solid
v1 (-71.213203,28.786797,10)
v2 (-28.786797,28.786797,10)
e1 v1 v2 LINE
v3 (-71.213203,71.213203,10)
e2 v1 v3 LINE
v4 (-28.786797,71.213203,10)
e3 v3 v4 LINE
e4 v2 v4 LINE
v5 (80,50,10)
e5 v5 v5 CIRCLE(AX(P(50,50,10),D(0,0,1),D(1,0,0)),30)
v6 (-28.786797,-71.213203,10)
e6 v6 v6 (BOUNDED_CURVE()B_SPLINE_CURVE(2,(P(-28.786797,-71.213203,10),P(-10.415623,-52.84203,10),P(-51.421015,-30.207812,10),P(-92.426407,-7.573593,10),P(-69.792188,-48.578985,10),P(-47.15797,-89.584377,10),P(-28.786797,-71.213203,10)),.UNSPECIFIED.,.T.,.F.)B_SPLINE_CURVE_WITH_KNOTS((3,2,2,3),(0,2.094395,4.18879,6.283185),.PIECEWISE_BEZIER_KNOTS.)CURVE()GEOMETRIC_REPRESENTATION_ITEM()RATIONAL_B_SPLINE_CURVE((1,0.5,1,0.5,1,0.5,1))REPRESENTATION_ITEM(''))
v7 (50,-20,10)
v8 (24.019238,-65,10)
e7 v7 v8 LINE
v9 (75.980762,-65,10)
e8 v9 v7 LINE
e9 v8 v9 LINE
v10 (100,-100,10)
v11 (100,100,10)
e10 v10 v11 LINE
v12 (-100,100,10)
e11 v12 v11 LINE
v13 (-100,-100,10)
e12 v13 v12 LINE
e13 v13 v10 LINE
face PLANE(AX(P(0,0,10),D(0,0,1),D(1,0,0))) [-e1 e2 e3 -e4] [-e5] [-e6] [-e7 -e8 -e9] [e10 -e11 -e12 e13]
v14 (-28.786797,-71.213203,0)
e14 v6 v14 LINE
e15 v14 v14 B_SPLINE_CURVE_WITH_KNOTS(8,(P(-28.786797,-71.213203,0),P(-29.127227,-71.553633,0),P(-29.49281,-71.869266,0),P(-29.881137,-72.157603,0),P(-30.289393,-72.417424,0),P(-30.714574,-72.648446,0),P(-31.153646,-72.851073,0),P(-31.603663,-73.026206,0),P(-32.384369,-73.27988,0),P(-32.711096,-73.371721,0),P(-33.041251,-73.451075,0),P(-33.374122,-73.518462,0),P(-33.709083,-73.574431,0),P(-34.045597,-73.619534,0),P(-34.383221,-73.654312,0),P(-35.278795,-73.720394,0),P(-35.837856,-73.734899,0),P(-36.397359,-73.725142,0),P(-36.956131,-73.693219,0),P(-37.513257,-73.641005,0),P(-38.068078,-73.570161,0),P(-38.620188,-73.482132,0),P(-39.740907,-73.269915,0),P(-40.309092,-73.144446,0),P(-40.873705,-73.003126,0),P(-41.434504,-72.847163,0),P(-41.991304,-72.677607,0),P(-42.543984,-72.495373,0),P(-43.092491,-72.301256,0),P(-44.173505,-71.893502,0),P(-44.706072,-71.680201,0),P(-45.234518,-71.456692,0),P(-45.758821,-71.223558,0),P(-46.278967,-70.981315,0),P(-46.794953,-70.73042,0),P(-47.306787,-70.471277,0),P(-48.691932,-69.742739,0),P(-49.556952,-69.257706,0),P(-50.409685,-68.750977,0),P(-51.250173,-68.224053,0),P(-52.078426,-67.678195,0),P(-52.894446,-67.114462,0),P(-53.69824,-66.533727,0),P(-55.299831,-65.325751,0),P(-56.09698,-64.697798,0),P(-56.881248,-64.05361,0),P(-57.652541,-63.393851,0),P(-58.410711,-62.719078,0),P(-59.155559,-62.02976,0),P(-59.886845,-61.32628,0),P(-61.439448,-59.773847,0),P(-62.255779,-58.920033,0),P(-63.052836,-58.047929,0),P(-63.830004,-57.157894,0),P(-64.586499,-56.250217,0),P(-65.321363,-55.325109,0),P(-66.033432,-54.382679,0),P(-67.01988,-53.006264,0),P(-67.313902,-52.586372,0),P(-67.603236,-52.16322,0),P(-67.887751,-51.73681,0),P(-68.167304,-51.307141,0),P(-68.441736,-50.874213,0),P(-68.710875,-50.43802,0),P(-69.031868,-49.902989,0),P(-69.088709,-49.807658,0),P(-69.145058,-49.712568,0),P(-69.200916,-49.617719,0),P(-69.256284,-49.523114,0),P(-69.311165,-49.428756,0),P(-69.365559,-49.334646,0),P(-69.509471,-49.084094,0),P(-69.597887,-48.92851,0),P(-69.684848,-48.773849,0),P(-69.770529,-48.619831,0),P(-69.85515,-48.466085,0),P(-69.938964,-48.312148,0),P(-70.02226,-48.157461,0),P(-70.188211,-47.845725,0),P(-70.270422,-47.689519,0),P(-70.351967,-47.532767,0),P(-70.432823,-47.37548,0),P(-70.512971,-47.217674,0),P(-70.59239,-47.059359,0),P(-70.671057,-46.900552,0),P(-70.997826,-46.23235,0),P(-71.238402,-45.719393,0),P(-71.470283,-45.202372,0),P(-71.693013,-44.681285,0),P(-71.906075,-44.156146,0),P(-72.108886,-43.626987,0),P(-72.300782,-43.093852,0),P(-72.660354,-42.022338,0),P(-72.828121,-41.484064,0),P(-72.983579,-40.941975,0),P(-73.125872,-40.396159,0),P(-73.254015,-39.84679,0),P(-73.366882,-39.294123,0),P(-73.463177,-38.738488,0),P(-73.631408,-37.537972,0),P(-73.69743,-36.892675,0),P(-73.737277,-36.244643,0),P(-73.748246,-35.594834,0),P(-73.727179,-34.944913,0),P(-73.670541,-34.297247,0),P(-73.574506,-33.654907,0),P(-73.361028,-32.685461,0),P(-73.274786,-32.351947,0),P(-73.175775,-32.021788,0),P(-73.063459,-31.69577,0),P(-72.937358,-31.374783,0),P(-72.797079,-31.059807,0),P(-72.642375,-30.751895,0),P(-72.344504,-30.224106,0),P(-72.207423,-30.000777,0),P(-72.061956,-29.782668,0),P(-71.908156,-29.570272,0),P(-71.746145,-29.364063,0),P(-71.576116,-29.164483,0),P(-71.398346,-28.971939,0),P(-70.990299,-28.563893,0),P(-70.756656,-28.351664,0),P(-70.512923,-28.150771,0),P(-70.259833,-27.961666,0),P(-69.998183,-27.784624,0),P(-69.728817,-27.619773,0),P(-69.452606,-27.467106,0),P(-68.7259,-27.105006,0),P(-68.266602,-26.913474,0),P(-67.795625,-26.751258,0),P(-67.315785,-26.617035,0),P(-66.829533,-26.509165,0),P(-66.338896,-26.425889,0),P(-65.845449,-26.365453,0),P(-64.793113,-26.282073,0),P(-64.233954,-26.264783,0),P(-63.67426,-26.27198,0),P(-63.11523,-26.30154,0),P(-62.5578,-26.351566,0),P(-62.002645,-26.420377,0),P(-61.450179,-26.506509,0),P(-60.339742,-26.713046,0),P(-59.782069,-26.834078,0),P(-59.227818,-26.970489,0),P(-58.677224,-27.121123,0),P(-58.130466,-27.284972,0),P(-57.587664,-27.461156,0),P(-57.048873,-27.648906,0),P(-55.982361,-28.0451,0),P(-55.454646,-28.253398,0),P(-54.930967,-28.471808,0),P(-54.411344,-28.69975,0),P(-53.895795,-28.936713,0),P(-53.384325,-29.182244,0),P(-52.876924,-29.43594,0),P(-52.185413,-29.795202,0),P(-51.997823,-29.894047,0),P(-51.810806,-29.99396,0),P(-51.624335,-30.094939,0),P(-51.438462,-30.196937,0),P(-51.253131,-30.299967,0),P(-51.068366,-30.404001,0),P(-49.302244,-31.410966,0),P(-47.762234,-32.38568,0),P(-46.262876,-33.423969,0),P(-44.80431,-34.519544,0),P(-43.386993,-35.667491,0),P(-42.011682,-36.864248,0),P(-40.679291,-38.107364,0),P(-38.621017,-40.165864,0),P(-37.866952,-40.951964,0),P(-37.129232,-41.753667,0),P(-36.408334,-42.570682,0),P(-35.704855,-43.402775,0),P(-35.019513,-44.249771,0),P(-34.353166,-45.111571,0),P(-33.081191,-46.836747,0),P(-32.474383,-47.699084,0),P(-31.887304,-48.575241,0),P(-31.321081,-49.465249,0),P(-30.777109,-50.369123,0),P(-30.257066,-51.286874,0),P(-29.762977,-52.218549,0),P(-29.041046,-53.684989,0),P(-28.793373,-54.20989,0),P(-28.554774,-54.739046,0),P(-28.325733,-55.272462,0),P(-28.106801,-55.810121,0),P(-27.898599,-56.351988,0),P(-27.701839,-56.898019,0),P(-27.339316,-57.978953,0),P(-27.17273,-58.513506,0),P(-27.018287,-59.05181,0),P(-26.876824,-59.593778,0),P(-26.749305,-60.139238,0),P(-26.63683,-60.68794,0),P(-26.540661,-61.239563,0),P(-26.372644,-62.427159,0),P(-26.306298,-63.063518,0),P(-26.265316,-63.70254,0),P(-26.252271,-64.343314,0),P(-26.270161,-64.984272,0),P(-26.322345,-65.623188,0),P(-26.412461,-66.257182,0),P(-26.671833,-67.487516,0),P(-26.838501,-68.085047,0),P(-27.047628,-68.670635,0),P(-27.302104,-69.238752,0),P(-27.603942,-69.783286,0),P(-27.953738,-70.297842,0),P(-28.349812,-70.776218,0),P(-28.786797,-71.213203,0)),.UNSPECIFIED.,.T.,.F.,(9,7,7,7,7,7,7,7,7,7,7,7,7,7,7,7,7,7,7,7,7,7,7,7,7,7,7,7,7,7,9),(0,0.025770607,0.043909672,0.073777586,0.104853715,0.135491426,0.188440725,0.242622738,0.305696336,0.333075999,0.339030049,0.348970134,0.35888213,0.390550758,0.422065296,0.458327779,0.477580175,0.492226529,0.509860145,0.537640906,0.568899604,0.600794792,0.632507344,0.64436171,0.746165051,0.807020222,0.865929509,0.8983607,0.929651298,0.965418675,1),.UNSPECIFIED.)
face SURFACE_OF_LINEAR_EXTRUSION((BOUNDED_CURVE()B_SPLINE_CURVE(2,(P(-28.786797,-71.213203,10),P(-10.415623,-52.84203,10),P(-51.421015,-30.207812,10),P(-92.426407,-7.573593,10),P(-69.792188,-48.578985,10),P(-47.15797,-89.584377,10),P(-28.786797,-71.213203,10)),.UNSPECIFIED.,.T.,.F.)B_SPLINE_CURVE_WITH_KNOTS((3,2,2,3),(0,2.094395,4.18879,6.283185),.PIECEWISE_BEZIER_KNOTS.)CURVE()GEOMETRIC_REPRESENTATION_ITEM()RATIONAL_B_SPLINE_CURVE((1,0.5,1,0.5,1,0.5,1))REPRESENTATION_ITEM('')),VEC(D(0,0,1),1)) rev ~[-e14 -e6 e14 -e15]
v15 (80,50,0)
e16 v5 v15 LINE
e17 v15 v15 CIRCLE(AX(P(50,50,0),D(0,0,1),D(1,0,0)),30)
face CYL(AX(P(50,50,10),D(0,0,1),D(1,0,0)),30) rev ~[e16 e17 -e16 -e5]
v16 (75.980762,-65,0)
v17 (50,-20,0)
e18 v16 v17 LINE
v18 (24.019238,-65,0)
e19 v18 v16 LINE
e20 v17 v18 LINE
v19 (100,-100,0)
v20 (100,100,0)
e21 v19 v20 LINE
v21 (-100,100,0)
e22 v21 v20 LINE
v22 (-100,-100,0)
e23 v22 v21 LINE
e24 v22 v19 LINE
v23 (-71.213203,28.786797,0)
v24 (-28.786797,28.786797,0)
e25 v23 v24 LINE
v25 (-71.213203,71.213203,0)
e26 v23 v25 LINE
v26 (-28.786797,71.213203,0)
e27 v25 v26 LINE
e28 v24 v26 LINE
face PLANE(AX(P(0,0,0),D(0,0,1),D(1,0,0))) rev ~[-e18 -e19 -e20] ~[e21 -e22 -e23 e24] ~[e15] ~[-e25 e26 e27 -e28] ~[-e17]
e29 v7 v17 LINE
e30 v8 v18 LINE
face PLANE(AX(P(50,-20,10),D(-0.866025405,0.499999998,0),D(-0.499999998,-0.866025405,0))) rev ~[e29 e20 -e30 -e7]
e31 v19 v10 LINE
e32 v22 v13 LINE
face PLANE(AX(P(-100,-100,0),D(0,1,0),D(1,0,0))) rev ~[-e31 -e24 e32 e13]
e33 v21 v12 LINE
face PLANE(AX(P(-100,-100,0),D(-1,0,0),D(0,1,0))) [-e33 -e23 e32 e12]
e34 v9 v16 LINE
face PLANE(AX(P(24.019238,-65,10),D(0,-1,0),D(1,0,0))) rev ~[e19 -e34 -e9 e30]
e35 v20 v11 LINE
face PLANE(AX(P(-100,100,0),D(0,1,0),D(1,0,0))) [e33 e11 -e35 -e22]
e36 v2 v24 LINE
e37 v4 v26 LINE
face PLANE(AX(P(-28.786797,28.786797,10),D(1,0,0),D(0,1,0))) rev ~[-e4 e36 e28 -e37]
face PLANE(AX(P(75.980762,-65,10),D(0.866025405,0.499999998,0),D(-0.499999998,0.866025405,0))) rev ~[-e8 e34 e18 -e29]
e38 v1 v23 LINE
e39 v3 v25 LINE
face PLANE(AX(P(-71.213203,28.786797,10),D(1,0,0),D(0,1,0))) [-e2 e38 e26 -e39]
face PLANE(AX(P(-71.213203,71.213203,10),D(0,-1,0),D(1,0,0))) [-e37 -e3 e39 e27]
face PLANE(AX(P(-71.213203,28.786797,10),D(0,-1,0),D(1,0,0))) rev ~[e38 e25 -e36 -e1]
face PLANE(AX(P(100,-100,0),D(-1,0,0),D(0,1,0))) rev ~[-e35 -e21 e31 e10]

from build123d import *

# Parameters (mm, degrees)
SKETCH_W     = 200
SKETCH_H     = 200
PAD_DEPTH    = 10
SKETCH001_R  = 30
SKETCH001_W  = 42.426406
SKETCH001_H  = 42.426406
POCKET_DEPTH = 10.001


with BuildPart() as part:
    # Sketch → Pad (new body)
    with BuildSketch(Plane.XY):
        Rectangle(SKETCH_W, SKETCH_H)
    extrude(amount=PAD_DEPTH)

    # Sketch001 (on Face6 of Pad) → Pocket (cut, through all)
    with BuildSketch(Plane.XY.offset(10)):
        with Locations((50, 50)):
            Circle(SKETCH001_R)
        with BuildLine():
            add(Edge.make_bspline(
                [(-28.786797, -71.213203), (-10.415623, -52.84203), (-51.421015, -30.207812), (-92.426407, -7.573593), (-69.792188, -48.578985), (-47.15797, -89.584377), (-28.786797, -71.213203)],
                knots=[0, 0, 0, 2.094395, 2.094395, 4.18879, 4.18879, 6.283185, 6.283185, 6.283185], degree=2, weights=[1, 0.5, 1, 0.5, 1, 0.5, 1]))
        make_face()
        Polygon((75.980762, -65), (50, -20), (24.019238, -65), align=None)
        with Locations((-50, 50)):
            Rectangle(SKETCH001_W, SKETCH001_H)
    extrude(amount=-POCKET_DEPTH, mode=Mode.SUBTRACT)


solid = part.part
